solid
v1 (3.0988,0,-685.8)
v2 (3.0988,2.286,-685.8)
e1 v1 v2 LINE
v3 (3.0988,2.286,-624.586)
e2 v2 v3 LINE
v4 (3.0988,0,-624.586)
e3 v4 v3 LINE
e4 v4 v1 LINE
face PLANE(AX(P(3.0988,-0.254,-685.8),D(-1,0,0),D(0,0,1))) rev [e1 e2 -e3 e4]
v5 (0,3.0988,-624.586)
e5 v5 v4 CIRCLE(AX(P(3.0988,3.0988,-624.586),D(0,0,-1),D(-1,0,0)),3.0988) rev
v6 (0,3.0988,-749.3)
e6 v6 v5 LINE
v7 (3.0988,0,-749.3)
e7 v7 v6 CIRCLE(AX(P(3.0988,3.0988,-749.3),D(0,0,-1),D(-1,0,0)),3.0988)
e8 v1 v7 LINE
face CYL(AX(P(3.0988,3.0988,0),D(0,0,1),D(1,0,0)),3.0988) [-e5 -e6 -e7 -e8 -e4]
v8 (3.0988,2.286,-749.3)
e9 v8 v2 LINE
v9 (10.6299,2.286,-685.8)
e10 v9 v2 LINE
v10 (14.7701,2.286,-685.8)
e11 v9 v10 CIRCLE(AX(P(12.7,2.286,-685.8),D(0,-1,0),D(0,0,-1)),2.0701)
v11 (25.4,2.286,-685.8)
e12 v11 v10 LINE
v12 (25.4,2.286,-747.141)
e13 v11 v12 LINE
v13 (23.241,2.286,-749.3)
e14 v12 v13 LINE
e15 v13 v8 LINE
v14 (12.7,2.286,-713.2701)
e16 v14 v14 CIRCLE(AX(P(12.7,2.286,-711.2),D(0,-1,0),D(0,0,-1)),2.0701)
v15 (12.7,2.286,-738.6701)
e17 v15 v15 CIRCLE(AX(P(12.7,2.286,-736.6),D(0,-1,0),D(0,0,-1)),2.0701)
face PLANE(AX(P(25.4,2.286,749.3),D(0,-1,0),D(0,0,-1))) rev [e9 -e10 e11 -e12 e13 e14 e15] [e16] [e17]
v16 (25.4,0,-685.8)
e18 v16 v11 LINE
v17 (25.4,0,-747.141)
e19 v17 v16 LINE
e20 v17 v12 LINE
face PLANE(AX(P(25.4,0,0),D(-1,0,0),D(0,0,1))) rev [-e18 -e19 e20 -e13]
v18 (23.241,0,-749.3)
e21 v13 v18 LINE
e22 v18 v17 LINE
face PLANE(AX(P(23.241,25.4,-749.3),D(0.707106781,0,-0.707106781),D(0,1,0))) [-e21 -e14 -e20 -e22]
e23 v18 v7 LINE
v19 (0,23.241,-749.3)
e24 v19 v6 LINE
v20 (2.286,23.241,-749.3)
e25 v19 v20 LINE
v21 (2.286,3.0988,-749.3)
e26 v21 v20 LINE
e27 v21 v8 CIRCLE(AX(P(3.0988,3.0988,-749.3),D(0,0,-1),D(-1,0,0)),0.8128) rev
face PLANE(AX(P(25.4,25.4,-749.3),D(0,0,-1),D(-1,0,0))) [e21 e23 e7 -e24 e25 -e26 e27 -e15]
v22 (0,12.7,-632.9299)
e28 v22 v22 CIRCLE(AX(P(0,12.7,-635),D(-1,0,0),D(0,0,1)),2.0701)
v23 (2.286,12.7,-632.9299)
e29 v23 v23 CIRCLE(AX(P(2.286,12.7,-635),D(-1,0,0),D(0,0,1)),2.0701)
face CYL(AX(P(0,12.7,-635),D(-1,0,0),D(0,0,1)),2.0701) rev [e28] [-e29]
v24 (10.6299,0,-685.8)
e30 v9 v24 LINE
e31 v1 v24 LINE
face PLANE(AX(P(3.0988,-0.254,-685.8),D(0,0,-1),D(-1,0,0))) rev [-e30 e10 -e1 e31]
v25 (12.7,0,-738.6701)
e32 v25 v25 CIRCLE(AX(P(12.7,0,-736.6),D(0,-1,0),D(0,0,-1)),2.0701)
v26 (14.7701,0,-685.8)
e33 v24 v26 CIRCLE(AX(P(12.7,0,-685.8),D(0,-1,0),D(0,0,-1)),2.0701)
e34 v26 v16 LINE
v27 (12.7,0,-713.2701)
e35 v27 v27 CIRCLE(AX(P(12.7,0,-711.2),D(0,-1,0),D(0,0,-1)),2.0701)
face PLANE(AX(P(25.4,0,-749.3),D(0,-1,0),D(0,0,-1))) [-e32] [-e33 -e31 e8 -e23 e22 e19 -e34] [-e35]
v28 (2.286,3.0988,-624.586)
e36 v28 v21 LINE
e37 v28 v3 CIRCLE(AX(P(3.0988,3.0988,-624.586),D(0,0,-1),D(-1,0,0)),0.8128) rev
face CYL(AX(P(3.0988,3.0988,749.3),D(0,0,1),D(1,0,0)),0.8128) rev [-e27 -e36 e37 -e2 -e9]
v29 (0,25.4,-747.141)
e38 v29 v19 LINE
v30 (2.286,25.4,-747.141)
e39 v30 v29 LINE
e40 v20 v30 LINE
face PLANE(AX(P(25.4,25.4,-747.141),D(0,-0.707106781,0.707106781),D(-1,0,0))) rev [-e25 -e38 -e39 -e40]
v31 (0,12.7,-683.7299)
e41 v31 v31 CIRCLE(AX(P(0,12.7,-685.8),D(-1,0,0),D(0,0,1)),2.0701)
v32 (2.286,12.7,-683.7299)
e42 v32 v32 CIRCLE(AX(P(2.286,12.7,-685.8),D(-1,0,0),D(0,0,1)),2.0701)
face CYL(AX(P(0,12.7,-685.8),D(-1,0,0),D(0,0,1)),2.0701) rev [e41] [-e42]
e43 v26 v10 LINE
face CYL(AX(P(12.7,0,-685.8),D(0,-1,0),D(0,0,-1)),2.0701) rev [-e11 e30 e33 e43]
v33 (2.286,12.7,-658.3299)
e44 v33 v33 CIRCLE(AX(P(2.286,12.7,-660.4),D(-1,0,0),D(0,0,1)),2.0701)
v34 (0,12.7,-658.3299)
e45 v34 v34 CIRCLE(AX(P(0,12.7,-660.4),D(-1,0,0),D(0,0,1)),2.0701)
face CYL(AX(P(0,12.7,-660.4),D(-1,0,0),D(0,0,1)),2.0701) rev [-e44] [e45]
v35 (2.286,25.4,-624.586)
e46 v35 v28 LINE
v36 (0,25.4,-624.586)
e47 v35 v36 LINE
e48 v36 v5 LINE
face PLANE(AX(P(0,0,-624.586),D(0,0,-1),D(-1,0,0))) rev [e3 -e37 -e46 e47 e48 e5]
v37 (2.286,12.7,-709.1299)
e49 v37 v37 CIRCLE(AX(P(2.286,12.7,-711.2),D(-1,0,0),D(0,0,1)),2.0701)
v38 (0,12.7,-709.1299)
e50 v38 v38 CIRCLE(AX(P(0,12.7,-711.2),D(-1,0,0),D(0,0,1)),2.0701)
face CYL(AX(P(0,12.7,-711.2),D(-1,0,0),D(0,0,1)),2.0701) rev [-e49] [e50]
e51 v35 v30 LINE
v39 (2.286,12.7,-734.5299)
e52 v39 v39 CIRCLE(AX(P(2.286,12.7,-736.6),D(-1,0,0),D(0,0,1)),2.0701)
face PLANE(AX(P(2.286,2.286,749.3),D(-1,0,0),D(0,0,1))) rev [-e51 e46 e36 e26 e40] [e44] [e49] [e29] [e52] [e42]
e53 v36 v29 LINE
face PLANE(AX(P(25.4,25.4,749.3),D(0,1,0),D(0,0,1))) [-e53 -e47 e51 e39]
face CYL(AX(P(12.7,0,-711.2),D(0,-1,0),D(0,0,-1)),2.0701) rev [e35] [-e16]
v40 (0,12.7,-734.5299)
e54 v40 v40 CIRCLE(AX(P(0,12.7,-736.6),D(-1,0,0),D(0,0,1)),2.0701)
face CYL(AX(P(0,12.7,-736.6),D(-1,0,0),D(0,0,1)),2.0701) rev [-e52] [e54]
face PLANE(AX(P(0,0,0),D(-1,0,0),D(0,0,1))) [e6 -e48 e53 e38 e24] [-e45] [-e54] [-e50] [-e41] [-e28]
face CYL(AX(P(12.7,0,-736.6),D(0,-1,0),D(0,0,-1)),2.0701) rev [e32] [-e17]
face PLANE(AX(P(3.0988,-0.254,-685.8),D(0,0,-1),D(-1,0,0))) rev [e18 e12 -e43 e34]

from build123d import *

# Parameters (mm, degrees)
SKETCH1_W                  = 25.4
SKETCH1_H                  = 1498.6
BOSS_EXTRUDE1_DEPTH        = 25.4
SKETCH2_W                  = 23.114
SKETCH2_H                  = 23.114
CUT_EXTRUDE1_DEPTH         = 1499.6
M3_5_CLEARANCE_HOLE1_D     = 4.1402
M3_5_CLEARANCE_HOLE1_DEPTH = 25.4
M3_5_CLEARANCE_HOLE2_D     = 4.1402
M3_5_CLEARANCE_HOLE2_DEPTH = 25.4
CHAMFER1_SIZE              = 2.159
FILLET1_R                  = 0.8128
FILLET2_R                  = 3.0988
SKETCH8_W                  = 95.882963774
SKETCH8_H                  = 79.338329604
CUT_EXTRUDE3_DEPTH         = 1371.6
SKETCH11_W                 = 51.462522779
SKETCH11_H                 = 66.676735099
CUT_EXTRUDE6_DEPTH         = 2.286
SKETCH12_W                 = 22.3012
SKETCH12_H                 = 61.214
CUT_EXTRUDE7_DEPTH         = 2.54


with BuildPart() as part:
    # Sketch1 → Boss-Extrude1 (new body)
    with BuildSketch(Plane(origin=(0, 0, 0), x_dir=(0, -1, 0), z_dir=(-1, 0, 0))):
        with Locations((-12.7, 0)):
            Rectangle(SKETCH1_W, SKETCH1_H)
    extrude(amount=-BOSS_EXTRUDE1_DEPTH)

    # Sketch2 → Cut-Extrude1 (cut, through all)
    with BuildSketch(Plane(origin=(0, 0, -749.3), x_dir=(-1, 0, 0), z_dir=(0, 0, -1))):
        with Locations((-13.843, 13.843)):
            Rectangle(SKETCH2_W, SKETCH2_H)
    extrude(amount=-CUT_EXTRUDE1_DEPTH, mode=Mode.SUBTRACT)

    # M3.5 Clearance Hole1
    with Locations(Plane(origin=(0, 0, 0), x_dir=(-1, 0, 0), z_dir=(0, -1, 0))):
        with Locations((-12.7, 736.6), (-12.7, 711.2), (-12.7, 685.8), (-12.7, 660.4), (-12.7, 635), (-12.7, 609.6), (-12.7, 584.2), (-12.7, 558.8), (-12.7, 533.4), (-12.7, 508), (-12.7, 482.6), (-12.7, 457.2), (-12.7, 431.8), (-12.7, 406.4), (-12.7, 381), (-12.7, 355.6), (-12.7, 330.2), (-12.7, 304.8), (-12.7, 279.4), (-12.7, 254), (-12.7, 228.6), (-12.7, 203.2), (-12.7, 177.8), (-12.7, 152.4), (-12.7, 127), (-12.7, 101.6), (-12.7, 76.2), (-12.7, 50.8), (-12.7, 25.4), (-12.7, 0), (-12.7, -25.4), (-12.7, -50.8), (-12.7, -76.2), (-12.7, -101.6), (-12.7, -127), (-12.7, -152.4), (-12.7, -177.8), (-12.7, -203.2), (-12.7, -228.6), (-12.7, -254), (-12.7, -279.4), (-12.7, -304.8), (-12.7, -330.2), (-12.7, -355.6), (-12.7, -381), (-12.7, -406.4), (-12.7, -431.8), (-12.7, -457.2), (-12.7, -482.6), (-12.7, -508), (-12.7, -533.4), (-12.7, -558.8), (-12.7, -584.2), (-12.7, -609.6), (-12.7, -635), (-12.7, -660.4), (-12.7, -685.8), (-12.7, -711.2), (-12.7, -736.6)):
            Hole(M3_5_CLEARANCE_HOLE1_D / 2, depth=M3_5_CLEARANCE_HOLE1_DEPTH)

    # M3.5 Clearance Hole2
    with Locations(Plane.ZY):
        with Locations((711.2, 12.7), (736.6, 12.7), (685.8, 12.7), (660.4, 12.7), (635, 12.7), (609.6, 12.7), (584.2, 12.7), (558.8, 12.7), (533.4, 12.7), (508, 12.7), (482.6, 12.7), (457.2, 12.7), (431.8, 12.7), (406.4, 12.7), (381, 12.7), (355.6, 12.7), (330.2, 12.7), (304.8, 12.7), (279.4, 12.7), (254, 12.7), (228.6, 12.7), (203.2, 12.7), (177.8, 12.7), (152.4, 12.7), (127, 12.7), (101.6, 12.7), (76.2, 12.7), (50.8, 12.7), (25.4, 12.7), (0, 12.7), (-25.4, 12.7), (-50.8, 12.7), (-76.2, 12.7), (-101.6, 12.7), (-127, 12.7), (-152.4, 12.7), (-177.8, 12.7), (-203.2, 12.7), (-228.6, 12.7), (-254, 12.7), (-279.4, 12.7), (-304.8, 12.7), (-330.2, 12.7), (-355.6, 12.7), (-381, 12.7), (-406.4, 12.7), (-431.8, 12.7), (-457.2, 12.7), (-482.6, 12.7), (-508, 12.7), (-533.4, 12.7), (-558.8, 12.7), (-584.2, 12.7), (-609.6, 12.7), (-635, 12.7), (-660.4, 12.7), (-685.8, 12.7), (-711.2, 12.7), (-736.6, 12.7)):
            Hole(M3_5_CLEARANCE_HOLE2_D / 2, depth=M3_5_CLEARANCE_HOLE2_DEPTH)

    # Chamfer1
    chamfer1_edges = [part.edges().sort_by_distance(p)[0] for p in [
        (25.4, 1.143, -749.3),
        (1.143, 25.4, 749.3),
        (1.143, 25.4, -749.3),
        (25.4, 1.143, 749.3),
    ]]
    chamfer(chamfer1_edges, length=CHAMFER1_SIZE)

    # Fillet1
    fillet1_edges = [part.edges().sort_by_distance(p)[0] for p in [
        (2.286, 2.286, 0),
    ]]
    fillet(fillet1_edges, radius=FILLET1_R)

    # Fillet2
    fillet2_edges = [part.edges().sort_by_distance(p)[0] for p in [
        (0, 0, 0),
    ]]
    fillet(fillet2_edges, radius=FILLET2_R)

    # Sketch8 → Cut-Extrude3 (cut)
    with BuildSketch(Plane.XY.offset(749.3)):
        with Locations((2.286, 3.0988)):
            Rectangle(SKETCH8_W, SKETCH8_H)
    extrude(amount=-CUT_EXTRUDE3_DEPTH, mode=Mode.SUBTRACT)

    # Sketch11 → Cut-Extrude6 (cut)
    with BuildSketch(Plane.XY.offset(-622.3)):
        with Locations((1.85517497, 1.74884985)):
            Rectangle(SKETCH11_W, SKETCH11_H)
    extrude(amount=-CUT_EXTRUDE6_DEPTH, mode=Mode.SUBTRACT)

    # Sketch12 → Cut-Extrude7 (cut)
    with BuildSketch(Plane(origin=(0, 2.286, 0), x_dir=(1, 0, 0), z_dir=(0, 1, 0))):
        with Locations((14.2494, 655.193)):
            Rectangle(SKETCH12_W, SKETCH12_H)
    extrude(amount=-CUT_EXTRUDE7_DEPTH, mode=Mode.SUBTRACT)


solid = part.part
